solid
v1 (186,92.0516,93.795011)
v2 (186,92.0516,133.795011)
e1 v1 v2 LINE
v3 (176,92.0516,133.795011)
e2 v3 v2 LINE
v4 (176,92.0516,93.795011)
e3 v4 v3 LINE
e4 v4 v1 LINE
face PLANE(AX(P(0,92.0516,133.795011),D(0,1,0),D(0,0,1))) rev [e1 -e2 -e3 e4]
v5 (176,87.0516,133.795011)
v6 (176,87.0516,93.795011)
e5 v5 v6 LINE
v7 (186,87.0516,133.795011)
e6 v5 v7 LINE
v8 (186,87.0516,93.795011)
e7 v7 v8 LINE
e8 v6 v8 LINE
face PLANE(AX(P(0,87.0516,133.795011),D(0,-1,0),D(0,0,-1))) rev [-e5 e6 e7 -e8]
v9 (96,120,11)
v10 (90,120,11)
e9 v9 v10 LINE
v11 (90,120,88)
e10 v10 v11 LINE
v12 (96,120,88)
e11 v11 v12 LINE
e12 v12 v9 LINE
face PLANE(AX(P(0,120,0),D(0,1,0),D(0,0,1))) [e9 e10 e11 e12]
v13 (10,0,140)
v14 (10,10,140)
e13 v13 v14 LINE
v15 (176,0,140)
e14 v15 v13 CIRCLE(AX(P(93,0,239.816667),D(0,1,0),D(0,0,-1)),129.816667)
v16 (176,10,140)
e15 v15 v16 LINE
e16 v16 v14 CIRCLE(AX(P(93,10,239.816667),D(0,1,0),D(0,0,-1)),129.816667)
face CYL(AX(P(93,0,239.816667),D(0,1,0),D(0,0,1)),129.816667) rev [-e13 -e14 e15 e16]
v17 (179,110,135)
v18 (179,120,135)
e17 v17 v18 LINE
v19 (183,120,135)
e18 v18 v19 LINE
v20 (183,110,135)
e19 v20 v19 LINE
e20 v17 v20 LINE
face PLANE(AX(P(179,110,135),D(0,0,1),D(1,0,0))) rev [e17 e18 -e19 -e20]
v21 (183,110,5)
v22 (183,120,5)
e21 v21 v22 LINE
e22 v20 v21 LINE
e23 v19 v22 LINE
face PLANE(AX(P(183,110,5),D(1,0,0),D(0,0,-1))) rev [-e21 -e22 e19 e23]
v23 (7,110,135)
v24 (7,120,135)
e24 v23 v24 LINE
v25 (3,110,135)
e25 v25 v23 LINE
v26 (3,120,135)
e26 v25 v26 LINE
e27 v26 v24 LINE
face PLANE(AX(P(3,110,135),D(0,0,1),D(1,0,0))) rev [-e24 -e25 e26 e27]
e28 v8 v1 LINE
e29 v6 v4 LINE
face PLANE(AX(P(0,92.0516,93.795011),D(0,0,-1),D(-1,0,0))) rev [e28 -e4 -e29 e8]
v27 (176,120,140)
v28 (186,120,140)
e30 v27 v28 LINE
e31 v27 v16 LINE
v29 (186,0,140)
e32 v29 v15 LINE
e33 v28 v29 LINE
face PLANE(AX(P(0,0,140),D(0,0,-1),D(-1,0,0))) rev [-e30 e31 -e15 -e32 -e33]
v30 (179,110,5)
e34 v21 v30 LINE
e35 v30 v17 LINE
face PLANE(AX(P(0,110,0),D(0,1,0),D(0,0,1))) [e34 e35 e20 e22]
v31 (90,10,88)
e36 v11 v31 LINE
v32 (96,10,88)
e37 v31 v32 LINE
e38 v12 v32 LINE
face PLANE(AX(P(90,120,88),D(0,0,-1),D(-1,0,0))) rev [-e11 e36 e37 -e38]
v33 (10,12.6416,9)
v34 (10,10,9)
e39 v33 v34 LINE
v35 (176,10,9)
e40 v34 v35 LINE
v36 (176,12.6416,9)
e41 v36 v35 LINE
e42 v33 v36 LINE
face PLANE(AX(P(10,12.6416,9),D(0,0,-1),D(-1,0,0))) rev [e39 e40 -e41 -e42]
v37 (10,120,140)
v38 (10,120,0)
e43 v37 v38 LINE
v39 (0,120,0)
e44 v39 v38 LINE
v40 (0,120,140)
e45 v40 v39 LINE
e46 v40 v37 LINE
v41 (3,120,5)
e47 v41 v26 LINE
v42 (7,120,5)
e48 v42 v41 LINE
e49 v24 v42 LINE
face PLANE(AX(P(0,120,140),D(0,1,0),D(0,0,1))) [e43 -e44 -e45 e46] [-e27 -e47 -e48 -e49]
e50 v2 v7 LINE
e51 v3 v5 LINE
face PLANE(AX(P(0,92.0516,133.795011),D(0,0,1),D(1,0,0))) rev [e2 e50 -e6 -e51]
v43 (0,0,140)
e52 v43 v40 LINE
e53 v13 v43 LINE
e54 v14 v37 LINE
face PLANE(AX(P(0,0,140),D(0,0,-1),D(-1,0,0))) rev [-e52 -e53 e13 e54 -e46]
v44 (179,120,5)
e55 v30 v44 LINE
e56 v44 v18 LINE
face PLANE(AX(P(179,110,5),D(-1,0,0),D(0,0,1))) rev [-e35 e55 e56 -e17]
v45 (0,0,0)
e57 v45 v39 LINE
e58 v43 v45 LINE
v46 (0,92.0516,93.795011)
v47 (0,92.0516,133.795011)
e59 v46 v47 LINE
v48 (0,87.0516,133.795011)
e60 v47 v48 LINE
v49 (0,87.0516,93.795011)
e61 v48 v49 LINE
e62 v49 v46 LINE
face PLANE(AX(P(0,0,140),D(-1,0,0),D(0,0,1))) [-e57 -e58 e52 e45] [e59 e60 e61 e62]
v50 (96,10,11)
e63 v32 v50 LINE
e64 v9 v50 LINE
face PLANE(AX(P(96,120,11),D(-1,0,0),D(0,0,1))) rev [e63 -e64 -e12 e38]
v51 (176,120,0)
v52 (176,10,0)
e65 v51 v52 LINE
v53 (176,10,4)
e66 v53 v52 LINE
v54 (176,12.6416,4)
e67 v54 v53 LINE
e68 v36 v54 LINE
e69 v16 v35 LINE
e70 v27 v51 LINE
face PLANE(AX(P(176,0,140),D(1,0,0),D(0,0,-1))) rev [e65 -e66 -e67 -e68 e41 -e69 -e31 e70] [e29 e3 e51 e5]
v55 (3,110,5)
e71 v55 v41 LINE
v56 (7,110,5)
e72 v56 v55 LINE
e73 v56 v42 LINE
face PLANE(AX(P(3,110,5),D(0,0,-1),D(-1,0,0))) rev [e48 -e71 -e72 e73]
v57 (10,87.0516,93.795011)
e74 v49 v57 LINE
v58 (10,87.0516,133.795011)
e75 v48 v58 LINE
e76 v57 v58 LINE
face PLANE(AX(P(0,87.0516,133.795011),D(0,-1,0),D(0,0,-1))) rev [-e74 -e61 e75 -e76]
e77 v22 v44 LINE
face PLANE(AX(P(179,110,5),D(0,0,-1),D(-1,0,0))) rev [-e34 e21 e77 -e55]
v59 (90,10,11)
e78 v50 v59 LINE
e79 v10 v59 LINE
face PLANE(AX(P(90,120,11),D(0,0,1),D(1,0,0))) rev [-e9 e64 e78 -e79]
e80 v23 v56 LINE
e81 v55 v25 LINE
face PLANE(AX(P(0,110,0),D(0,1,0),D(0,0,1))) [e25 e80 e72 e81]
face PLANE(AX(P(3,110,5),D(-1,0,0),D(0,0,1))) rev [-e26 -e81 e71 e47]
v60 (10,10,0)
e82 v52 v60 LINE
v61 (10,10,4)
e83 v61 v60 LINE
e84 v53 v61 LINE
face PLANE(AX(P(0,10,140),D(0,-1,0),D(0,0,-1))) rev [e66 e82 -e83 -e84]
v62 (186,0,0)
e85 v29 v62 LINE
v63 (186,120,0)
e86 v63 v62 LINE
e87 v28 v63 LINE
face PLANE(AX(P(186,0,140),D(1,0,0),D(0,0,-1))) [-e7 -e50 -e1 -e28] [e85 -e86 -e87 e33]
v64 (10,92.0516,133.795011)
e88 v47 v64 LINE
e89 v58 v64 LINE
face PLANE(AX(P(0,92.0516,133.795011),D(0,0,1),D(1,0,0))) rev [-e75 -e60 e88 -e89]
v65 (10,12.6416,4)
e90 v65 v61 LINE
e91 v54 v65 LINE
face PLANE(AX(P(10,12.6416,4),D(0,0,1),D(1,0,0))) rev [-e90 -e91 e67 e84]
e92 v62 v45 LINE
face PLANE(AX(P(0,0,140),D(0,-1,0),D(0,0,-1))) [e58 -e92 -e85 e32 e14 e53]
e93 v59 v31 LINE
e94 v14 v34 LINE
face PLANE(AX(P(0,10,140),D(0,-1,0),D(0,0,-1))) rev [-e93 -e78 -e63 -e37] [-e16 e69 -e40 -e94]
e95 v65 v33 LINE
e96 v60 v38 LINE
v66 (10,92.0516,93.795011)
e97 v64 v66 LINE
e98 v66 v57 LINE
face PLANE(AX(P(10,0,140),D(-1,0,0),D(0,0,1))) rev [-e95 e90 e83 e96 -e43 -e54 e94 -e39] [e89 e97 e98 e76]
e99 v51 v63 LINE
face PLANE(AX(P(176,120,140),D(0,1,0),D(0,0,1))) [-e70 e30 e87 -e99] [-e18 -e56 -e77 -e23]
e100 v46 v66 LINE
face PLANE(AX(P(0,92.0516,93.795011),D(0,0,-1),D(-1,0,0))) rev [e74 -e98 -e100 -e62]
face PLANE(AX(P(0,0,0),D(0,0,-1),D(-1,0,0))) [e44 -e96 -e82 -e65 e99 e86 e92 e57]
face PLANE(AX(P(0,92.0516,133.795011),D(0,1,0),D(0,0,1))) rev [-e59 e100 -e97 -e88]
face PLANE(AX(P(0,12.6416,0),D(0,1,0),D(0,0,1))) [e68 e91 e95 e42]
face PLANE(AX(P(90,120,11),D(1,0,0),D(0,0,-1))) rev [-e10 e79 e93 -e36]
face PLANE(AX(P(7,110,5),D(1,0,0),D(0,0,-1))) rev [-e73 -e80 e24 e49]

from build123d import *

# Parameters (mm, degrees)
EXTRUDE_THIN2_DEPTH     = 140
SKETCH11_W              = 166
SKETCH11_H              = 5
BOSS_EXTRUDE3_DEPTH     = 2.6416
CUT_EXTRUDE6_DEPTH      = 255.903903462
CUT_EXTRUDE6_DEPTH_BACK = 255.903903462
SKETCH13_W              = 40
SKETCH13_H              = 5
CUT_EXTRUDE7_DEPTH      = 258.480096318
SKETCH19_W              = 4
SKETCH19_H              = 130
CUT_EXTRUDE9_DEPTH      = 10
SKETCH20_W              = 4
SKETCH20_H              = 130
CUT_EXTRUDE10_DEPTH     = 10
SKETCH21_W              = 6
SKETCH21_H              = 77
BOSS_EXTRUDE4_DEPTH     = 110


with BuildPart() as part:
    # Sketch2 → Extrude-Thin2 (new body)
    with BuildSketch(Plane.XY):
        Polygon((0, 120), (0, 0), (186, 0), (186, 120), (176, 120), (176, 10), (10, 10), (10, 120), align=None)
    extrude(amount=EXTRUDE_THIN2_DEPTH)

    # Sketch11 → Boss-Extrude3 (add)
    with BuildSketch(Plane(origin=(0, 10, 0), x_dir=(1, 0, 0), z_dir=(0, 1, 0))):
        with Locations((93, -6.5)):
            Rectangle(SKETCH11_W, SKETCH11_H)
    extrude(amount=BOSS_EXTRUDE3_DEPTH)

    # Sketch13 → Cut-Extrude6 (cut, two sides: drawn at the far end of the back side and taken through both)
    with BuildSketch(Plane(origin=(10, 0, 0), x_dir=(0, 0, -1), z_dir=(1, 0, 0)).offset(-CUT_EXTRUDE6_DEPTH_BACK)):
        with Locations((-113.795011338, 89.551599899)):
            Rectangle(SKETCH13_W, SKETCH13_H)
    extrude(amount=CUT_EXTRUDE6_DEPTH + CUT_EXTRUDE6_DEPTH_BACK, mode=Mode.SUBTRACT)

    # Sketch14 → Cut-Extrude7 (cut, through all)
    with BuildSketch(Plane(origin=(0, 10, 0), x_dir=(1, 0, 0), z_dir=(0, 1, 0))):
        with BuildLine():
            Line((176, -140), (10, -140))
            ThreePointArc((10, -140), (93, -110), (176, -140))
        make_face()
    extrude(amount=-CUT_EXTRUDE7_DEPTH, mode=Mode.SUBTRACT)

    # Sketch19 → Cut-Extrude9 (cut)
    with BuildSketch(Plane(origin=(0, 120, 0), x_dir=(1, 0, 0), z_dir=(0, 1, 0))):
        with Locations((5, -70)):
            Rectangle(SKETCH19_W, SKETCH19_H)
    extrude(amount=-CUT_EXTRUDE9_DEPTH, mode=Mode.SUBTRACT)

    # Sketch20 → Cut-Extrude10 (cut)
    with BuildSketch(Plane(origin=(0, 120, 0), x_dir=(1, 0, 0), z_dir=(0, 1, 0))):
        with Locations((181, -70)):
            Rectangle(SKETCH20_W, SKETCH20_H)
    extrude(amount=-CUT_EXTRUDE10_DEPTH, mode=Mode.SUBTRACT)

    # Sketch21 → Boss-Extrude4 (add, through all)
    with BuildSketch(Plane(origin=(0, 10, 0), x_dir=(1, 0, 0), z_dir=(0, 1, 0))):
        with Locations((93, -49.5)):
            Rectangle(SKETCH21_W, SKETCH21_H)
    extrude(amount=BOSS_EXTRUDE4_DEPTH)


solid = part.part
